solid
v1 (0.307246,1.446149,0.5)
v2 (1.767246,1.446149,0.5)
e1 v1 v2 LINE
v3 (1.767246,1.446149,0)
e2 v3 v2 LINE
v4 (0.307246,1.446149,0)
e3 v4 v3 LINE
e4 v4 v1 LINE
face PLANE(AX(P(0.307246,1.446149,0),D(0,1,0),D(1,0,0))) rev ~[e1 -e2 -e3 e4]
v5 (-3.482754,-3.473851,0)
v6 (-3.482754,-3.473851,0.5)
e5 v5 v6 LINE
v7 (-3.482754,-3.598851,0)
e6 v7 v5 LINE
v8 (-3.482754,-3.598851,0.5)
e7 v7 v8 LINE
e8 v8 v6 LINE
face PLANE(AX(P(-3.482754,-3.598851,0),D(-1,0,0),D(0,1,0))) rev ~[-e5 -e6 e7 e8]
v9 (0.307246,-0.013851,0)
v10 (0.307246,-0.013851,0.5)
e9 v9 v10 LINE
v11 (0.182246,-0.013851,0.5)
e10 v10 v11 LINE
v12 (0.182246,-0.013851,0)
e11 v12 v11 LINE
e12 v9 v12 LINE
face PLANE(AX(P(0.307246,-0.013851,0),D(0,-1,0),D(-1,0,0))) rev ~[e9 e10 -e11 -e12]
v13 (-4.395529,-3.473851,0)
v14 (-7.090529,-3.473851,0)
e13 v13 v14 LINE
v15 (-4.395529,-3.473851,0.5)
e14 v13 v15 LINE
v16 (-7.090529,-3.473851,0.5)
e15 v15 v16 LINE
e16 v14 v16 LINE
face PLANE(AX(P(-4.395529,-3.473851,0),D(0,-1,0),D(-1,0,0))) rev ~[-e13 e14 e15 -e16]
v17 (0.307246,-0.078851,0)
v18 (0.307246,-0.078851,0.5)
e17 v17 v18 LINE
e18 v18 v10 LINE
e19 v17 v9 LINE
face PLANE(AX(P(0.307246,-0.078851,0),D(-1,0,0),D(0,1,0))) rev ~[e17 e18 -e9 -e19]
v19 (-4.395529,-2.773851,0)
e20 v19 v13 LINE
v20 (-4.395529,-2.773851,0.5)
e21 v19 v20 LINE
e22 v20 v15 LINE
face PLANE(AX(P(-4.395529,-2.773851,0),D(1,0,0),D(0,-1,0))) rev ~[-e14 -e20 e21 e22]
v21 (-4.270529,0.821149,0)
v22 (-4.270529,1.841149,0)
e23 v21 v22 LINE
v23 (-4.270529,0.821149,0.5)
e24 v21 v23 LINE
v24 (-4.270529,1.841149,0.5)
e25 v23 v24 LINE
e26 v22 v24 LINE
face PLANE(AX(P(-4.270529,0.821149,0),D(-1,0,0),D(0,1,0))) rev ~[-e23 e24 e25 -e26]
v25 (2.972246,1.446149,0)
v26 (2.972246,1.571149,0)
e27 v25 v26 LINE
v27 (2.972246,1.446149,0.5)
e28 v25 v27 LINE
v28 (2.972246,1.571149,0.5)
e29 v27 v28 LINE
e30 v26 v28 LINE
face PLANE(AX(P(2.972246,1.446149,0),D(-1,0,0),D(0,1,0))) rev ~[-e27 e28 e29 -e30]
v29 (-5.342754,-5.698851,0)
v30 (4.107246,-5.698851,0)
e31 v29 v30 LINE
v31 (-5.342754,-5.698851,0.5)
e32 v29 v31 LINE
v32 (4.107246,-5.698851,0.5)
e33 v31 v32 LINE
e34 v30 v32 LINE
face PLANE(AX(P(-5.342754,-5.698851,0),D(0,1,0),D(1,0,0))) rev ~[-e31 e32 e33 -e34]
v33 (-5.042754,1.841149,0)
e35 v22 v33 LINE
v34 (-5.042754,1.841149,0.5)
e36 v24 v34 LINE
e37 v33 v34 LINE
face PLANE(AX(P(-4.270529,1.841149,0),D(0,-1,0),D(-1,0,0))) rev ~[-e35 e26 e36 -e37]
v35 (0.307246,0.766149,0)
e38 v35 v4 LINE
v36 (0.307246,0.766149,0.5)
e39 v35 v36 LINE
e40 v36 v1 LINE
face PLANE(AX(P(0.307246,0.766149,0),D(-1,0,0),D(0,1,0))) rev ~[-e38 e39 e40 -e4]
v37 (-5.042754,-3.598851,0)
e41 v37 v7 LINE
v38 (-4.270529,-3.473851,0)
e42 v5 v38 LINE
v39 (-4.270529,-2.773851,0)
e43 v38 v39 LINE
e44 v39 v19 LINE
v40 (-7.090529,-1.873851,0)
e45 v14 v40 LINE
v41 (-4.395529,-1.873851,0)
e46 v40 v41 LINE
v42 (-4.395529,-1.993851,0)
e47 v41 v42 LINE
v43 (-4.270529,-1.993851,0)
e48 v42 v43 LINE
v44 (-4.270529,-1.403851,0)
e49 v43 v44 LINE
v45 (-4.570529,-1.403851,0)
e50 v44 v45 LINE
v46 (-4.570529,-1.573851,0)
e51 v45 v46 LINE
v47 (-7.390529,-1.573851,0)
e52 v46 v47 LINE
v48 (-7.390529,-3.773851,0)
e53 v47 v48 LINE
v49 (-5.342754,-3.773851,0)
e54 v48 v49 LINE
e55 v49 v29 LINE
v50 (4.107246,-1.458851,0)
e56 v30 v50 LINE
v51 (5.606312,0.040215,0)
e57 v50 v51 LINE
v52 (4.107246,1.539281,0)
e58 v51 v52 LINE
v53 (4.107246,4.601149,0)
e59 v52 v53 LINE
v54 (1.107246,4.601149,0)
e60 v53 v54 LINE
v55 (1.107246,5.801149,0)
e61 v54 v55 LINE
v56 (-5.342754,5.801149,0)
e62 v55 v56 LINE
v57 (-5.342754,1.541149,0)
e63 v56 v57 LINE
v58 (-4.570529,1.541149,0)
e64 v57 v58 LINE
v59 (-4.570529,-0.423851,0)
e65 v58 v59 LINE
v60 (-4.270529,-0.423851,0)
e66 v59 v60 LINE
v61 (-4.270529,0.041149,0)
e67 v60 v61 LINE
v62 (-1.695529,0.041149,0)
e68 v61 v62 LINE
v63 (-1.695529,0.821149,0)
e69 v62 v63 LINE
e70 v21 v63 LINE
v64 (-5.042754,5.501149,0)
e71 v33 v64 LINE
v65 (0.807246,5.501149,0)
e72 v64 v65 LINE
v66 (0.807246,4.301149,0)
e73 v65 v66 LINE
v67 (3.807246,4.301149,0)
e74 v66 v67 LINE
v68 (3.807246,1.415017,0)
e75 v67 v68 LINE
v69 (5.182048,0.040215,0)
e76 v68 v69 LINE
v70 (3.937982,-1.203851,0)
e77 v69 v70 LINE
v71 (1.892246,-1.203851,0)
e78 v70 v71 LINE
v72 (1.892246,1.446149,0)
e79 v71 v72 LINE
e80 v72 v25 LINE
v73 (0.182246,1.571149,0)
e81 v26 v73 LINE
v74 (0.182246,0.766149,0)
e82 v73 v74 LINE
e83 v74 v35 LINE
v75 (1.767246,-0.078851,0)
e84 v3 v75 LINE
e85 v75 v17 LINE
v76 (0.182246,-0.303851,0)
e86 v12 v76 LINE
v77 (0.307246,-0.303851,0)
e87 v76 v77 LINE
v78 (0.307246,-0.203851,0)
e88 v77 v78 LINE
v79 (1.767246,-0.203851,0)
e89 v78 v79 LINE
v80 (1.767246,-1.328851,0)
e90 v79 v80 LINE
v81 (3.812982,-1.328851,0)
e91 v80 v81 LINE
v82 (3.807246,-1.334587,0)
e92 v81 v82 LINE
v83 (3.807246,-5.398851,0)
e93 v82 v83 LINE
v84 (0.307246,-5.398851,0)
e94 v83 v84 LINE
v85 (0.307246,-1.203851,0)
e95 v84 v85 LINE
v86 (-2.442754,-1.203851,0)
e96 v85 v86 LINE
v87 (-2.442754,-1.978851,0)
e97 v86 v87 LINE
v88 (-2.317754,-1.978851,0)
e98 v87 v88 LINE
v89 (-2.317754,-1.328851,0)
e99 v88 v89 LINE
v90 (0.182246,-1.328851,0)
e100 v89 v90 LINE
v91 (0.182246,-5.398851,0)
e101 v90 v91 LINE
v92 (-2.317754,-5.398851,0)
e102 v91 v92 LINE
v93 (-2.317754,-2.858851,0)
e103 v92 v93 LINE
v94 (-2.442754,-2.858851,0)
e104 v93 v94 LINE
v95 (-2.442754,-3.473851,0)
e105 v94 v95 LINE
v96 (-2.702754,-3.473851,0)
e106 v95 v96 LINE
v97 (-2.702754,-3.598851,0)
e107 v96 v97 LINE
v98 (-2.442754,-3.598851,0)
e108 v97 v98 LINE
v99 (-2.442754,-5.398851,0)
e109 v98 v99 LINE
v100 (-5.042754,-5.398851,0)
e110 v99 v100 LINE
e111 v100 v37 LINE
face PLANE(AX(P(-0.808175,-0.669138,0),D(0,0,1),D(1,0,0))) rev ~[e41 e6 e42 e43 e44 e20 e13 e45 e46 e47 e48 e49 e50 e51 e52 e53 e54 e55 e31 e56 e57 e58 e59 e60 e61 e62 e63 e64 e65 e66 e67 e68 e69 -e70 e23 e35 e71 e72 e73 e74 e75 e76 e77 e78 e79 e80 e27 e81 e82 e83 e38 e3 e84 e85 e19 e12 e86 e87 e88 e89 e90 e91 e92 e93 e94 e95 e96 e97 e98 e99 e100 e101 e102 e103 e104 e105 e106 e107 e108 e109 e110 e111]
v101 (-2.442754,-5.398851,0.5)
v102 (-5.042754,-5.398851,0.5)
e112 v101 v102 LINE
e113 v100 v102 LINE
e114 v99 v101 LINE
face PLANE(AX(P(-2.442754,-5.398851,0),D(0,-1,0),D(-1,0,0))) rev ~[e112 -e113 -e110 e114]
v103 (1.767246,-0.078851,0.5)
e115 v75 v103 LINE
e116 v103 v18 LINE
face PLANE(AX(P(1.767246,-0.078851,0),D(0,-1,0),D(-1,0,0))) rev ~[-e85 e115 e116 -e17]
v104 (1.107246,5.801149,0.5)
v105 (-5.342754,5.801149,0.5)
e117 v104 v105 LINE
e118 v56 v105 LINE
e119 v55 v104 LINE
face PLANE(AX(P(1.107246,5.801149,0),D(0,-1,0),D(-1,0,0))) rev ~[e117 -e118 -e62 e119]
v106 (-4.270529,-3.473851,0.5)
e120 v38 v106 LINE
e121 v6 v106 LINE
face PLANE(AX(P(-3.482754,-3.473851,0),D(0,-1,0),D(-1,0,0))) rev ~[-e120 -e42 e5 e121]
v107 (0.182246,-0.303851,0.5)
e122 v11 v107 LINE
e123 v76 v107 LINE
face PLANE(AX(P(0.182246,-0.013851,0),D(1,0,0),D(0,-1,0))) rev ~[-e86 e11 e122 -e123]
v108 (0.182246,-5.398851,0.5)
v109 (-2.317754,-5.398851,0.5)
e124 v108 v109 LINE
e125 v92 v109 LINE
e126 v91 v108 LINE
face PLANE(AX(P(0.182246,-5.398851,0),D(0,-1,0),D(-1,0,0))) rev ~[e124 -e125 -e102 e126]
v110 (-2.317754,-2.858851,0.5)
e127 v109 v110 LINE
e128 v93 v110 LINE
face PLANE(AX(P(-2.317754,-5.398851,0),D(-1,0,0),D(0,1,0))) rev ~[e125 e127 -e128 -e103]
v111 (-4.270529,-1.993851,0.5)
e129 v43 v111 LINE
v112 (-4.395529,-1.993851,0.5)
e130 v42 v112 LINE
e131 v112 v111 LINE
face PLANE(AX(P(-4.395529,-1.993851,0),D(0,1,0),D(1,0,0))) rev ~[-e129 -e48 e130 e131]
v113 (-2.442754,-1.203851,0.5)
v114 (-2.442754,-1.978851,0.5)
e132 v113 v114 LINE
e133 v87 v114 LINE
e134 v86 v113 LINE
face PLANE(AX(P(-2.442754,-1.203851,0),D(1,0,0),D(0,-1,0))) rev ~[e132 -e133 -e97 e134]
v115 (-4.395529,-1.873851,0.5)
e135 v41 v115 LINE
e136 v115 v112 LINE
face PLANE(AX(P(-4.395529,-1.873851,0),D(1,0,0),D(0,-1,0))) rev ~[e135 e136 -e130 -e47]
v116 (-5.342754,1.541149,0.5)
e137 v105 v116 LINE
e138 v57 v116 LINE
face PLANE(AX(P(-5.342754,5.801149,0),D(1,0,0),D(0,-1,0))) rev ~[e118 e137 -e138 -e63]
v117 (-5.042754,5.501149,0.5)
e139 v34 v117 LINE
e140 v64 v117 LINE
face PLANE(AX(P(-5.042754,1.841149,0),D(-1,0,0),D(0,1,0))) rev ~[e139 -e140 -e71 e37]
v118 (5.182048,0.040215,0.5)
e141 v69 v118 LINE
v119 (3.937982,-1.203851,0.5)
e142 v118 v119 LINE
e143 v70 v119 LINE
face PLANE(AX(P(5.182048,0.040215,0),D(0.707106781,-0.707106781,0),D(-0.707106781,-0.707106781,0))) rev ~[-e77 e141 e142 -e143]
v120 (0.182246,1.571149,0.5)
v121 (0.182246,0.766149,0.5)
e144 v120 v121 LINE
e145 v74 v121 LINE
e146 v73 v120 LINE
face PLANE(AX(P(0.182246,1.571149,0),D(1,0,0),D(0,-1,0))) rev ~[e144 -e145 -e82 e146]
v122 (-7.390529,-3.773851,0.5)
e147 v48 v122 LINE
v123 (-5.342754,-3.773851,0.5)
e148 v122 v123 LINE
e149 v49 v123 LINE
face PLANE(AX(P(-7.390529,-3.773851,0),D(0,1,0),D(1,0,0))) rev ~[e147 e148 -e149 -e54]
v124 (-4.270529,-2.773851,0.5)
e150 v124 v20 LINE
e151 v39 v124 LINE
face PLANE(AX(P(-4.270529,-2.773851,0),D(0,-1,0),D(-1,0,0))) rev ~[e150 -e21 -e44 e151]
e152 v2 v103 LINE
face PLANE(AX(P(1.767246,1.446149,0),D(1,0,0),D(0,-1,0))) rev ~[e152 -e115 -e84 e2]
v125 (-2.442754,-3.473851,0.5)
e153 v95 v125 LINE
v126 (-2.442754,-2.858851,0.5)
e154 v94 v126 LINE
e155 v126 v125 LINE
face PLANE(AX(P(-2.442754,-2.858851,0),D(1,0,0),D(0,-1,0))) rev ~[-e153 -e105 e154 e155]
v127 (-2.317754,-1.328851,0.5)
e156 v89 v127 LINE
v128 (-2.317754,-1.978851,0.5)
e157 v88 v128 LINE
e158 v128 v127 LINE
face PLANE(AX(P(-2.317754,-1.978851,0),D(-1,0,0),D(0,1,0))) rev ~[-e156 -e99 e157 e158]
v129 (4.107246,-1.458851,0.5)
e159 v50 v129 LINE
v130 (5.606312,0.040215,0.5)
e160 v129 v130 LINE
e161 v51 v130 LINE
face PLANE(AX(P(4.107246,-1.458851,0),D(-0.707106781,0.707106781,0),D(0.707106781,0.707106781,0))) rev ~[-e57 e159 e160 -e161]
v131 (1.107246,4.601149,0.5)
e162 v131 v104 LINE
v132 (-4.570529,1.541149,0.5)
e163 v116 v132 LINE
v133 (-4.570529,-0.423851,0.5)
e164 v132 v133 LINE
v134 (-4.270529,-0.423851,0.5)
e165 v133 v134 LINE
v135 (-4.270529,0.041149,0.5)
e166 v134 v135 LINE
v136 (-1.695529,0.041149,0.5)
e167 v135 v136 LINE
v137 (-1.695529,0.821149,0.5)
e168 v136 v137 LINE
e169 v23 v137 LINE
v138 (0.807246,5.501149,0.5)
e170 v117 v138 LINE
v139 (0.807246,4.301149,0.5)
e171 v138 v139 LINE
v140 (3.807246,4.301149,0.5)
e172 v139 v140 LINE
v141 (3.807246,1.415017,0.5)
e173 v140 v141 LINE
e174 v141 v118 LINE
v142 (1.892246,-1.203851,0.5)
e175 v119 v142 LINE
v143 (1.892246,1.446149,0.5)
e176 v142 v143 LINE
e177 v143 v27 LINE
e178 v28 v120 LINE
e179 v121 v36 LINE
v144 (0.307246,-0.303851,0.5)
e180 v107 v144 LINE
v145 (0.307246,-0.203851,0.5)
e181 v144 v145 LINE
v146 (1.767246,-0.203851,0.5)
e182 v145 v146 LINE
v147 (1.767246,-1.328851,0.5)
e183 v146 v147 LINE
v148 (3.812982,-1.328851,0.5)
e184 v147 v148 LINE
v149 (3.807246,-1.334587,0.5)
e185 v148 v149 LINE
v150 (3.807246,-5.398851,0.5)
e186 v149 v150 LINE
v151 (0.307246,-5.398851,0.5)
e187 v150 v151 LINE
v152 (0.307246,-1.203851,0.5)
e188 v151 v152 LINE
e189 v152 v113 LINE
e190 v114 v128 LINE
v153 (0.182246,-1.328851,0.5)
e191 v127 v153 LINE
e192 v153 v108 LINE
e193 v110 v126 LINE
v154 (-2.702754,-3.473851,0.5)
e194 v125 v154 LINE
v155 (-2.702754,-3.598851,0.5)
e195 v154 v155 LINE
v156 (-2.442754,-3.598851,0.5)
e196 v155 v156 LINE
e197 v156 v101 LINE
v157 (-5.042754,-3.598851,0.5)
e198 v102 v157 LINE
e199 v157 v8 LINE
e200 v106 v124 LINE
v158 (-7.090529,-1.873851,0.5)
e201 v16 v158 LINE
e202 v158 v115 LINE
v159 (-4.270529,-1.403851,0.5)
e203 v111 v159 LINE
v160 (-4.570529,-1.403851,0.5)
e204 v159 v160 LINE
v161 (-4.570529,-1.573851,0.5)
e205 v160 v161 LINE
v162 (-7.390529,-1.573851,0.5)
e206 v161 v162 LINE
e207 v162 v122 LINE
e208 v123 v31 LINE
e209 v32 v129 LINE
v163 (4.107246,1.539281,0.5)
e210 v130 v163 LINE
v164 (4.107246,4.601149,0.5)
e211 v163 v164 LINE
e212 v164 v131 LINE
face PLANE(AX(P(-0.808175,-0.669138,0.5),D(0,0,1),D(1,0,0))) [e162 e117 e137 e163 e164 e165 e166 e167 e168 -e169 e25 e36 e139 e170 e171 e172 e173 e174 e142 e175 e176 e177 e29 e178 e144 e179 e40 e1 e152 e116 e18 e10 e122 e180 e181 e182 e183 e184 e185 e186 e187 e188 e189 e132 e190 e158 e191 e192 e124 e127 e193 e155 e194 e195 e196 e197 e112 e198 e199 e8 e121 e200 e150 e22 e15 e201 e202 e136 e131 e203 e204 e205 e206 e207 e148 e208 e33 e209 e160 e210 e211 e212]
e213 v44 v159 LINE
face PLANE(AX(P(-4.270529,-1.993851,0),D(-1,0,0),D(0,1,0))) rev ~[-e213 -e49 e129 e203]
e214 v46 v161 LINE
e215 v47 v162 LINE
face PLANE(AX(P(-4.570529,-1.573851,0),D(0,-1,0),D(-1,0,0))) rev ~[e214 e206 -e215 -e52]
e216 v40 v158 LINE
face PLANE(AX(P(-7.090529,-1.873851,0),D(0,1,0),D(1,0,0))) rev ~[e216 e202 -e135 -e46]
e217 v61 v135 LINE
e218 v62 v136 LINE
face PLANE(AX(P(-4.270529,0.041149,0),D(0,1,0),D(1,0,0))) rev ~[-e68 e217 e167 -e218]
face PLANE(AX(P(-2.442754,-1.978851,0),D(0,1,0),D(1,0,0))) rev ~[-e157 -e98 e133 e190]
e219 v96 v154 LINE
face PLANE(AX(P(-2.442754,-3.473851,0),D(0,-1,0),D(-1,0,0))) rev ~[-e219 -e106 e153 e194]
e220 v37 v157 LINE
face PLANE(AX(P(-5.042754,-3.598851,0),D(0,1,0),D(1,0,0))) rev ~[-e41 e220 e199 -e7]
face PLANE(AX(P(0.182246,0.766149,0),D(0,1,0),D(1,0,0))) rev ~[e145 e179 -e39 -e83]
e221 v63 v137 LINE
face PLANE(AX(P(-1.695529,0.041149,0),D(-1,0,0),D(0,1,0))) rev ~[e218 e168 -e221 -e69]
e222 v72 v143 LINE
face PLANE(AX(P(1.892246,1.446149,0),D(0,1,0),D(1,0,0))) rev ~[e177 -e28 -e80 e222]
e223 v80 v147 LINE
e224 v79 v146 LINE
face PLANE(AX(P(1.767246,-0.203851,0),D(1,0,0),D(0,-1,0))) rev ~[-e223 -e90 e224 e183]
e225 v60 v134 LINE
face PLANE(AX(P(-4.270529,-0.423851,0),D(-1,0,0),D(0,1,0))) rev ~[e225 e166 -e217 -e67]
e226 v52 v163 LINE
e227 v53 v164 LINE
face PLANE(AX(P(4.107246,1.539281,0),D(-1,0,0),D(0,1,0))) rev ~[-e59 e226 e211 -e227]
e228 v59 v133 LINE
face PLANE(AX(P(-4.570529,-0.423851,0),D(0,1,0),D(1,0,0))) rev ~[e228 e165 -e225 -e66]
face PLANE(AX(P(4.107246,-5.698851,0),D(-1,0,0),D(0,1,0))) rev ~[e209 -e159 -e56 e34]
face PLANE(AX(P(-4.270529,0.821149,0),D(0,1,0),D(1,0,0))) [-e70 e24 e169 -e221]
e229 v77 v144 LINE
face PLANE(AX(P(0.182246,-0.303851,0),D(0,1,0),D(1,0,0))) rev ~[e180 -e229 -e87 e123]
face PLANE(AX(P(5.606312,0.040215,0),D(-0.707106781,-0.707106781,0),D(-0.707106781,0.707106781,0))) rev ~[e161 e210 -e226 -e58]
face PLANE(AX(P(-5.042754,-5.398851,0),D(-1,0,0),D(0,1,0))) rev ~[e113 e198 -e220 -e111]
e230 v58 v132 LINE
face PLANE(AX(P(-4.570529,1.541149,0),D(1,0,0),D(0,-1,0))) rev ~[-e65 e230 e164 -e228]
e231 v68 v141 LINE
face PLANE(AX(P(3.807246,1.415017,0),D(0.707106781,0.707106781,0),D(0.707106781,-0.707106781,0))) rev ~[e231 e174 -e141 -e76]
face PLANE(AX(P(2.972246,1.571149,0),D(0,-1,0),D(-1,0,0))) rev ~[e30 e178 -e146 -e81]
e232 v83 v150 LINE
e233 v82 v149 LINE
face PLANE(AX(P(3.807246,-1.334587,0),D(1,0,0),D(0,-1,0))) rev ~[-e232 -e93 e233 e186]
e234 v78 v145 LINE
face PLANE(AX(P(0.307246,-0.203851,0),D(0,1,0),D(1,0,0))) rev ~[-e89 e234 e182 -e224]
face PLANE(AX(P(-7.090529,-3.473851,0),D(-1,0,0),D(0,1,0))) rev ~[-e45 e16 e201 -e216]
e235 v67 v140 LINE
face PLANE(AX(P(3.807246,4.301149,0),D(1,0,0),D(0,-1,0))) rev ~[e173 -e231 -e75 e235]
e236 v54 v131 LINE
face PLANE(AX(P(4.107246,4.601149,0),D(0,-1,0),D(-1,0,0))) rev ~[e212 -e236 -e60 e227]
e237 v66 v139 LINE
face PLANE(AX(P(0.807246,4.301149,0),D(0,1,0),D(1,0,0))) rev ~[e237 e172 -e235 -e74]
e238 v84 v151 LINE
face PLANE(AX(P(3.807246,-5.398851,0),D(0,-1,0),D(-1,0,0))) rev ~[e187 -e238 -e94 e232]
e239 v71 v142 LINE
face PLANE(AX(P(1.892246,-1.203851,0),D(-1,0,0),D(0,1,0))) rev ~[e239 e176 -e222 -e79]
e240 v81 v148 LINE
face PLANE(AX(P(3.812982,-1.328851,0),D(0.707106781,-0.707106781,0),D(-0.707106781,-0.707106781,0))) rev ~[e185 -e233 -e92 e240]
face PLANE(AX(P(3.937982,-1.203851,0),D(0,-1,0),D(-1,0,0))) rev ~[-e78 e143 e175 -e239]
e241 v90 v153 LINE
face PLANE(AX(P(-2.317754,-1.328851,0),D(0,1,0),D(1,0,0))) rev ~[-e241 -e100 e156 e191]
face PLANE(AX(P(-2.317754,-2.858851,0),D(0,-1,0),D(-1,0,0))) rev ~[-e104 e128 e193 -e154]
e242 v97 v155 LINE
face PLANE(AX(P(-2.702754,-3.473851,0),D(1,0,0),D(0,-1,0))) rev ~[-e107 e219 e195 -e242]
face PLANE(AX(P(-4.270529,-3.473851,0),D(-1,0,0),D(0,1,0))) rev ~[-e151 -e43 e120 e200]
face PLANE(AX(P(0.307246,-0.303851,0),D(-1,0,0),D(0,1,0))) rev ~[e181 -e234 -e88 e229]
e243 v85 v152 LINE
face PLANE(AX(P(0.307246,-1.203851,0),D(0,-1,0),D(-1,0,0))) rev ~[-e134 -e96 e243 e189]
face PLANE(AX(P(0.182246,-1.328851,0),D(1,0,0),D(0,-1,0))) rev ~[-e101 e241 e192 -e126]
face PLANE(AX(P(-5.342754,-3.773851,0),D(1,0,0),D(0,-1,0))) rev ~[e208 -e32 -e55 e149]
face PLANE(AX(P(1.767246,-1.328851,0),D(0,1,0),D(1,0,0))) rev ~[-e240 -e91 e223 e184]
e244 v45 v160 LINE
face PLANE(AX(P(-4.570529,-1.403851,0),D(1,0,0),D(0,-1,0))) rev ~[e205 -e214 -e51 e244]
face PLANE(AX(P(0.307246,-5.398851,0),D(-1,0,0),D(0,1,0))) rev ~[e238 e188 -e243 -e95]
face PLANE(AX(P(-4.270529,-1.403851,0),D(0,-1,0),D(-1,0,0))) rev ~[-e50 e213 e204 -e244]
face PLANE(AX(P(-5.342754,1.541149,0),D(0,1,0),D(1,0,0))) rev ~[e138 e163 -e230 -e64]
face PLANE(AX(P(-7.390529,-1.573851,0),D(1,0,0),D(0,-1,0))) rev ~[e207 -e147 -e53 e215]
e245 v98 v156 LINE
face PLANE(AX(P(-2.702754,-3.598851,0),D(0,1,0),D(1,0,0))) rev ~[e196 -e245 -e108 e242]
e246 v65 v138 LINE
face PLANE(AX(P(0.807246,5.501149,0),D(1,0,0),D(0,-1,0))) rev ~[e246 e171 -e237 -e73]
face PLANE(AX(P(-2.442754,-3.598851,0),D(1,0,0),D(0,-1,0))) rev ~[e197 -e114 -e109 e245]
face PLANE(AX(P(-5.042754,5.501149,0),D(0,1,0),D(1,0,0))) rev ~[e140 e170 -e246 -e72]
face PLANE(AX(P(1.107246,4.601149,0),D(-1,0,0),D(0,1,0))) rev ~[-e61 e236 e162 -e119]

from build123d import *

# Parameters (mm, degrees)
F0_W     = 2.575
F0_H     = 0.78
F1_DEPTH = 0.5


with BuildPart() as f1:
    # F0 (on Top) → F1 (new body)
    with BuildSketch(Plane.XY):
        Polygon((-5.342754, -5.698851), (4.107246, -5.698851), (4.107246, -1.458851), (5.606312, 0.040215), (4.107246, 1.539281), (4.107246, 4.601149), (1.107246, 4.601149), (1.107246, 5.801149), (-5.342754, 5.801149), (-5.342754, 1.541149), (-4.570529, 1.541149), (-4.570529, -0.423851), (-4.270529, -0.423851), (-4.270529, 0.041149), (-4.270529, 0.821149), (-4.270529, 1.841149), (-5.042754, 1.841149), (-5.042754, 5.501149), (0.807246, 5.501149), (0.807246, 4.301149), (3.807246, 4.301149), (3.807246, 1.415017), (5.182048, 0.040215), (3.937982, -1.203851), (1.892246, -1.203851), (1.892246, 1.446149), (2.972246, 1.446149), (2.972246, 1.571149), (0.182246, 1.571149), (0.182246, 0.766149), (0.307246, 0.766149), (0.307246, 1.446149), (1.767246, 1.446149), (1.767246, -0.078851), (0.307246, -0.078851), (0.307246, -0.013851), (0.182246, -0.013851), (0.182246, -0.303851), (0.307246, -0.303851), (0.307246, -0.203851), (1.767246, -0.203851), (1.767246, -1.328851), (3.807246, -1.328851), (3.812982, -1.328851), (3.807246, -1.334587), (3.807246, -5.398851), (0.307246, -5.398851), (0.307246, -1.203851), (0.182246, -1.203851), (-2.442754, -1.203851), (-2.442754, -1.978851), (-2.317754, -1.978851), (-2.317754, -1.328851), (0.182246, -1.328851), (0.182246, -5.398851), (-2.317754, -5.398851), (-2.317754, -2.858851), (-2.442754, -2.858851), (-2.442754, -3.473851), (-2.702754, -3.473851), (-2.702754, -3.598851), (-2.442754, -3.598851), (-2.442754, -5.398851), (-5.042754, -5.398851), (-5.042754, -3.598851), (-3.482754, -3.598851), (-3.482754, -3.473851), (-4.270529, -3.473851), (-4.270529, -2.773851), (-4.395529, -2.773851), (-4.395529, -3.473851), (-7.090529, -3.473851), (-7.090529, -1.873851), (-4.395529, -1.873851), (-4.395529, -1.993851), (-4.270529, -1.993851), (-4.270529, -1.403851), (-4.570529, -1.403851), (-4.570529, -1.573851), (-7.390529, -1.573851), (-7.390529, -3.773851), (-5.342754, -3.773851), align=None)
        with Locations((-2.983029, 0.431149)):
            Rectangle(F0_W, F0_H)
    extrude(amount=F1_DEPTH)


solid = f1.part
